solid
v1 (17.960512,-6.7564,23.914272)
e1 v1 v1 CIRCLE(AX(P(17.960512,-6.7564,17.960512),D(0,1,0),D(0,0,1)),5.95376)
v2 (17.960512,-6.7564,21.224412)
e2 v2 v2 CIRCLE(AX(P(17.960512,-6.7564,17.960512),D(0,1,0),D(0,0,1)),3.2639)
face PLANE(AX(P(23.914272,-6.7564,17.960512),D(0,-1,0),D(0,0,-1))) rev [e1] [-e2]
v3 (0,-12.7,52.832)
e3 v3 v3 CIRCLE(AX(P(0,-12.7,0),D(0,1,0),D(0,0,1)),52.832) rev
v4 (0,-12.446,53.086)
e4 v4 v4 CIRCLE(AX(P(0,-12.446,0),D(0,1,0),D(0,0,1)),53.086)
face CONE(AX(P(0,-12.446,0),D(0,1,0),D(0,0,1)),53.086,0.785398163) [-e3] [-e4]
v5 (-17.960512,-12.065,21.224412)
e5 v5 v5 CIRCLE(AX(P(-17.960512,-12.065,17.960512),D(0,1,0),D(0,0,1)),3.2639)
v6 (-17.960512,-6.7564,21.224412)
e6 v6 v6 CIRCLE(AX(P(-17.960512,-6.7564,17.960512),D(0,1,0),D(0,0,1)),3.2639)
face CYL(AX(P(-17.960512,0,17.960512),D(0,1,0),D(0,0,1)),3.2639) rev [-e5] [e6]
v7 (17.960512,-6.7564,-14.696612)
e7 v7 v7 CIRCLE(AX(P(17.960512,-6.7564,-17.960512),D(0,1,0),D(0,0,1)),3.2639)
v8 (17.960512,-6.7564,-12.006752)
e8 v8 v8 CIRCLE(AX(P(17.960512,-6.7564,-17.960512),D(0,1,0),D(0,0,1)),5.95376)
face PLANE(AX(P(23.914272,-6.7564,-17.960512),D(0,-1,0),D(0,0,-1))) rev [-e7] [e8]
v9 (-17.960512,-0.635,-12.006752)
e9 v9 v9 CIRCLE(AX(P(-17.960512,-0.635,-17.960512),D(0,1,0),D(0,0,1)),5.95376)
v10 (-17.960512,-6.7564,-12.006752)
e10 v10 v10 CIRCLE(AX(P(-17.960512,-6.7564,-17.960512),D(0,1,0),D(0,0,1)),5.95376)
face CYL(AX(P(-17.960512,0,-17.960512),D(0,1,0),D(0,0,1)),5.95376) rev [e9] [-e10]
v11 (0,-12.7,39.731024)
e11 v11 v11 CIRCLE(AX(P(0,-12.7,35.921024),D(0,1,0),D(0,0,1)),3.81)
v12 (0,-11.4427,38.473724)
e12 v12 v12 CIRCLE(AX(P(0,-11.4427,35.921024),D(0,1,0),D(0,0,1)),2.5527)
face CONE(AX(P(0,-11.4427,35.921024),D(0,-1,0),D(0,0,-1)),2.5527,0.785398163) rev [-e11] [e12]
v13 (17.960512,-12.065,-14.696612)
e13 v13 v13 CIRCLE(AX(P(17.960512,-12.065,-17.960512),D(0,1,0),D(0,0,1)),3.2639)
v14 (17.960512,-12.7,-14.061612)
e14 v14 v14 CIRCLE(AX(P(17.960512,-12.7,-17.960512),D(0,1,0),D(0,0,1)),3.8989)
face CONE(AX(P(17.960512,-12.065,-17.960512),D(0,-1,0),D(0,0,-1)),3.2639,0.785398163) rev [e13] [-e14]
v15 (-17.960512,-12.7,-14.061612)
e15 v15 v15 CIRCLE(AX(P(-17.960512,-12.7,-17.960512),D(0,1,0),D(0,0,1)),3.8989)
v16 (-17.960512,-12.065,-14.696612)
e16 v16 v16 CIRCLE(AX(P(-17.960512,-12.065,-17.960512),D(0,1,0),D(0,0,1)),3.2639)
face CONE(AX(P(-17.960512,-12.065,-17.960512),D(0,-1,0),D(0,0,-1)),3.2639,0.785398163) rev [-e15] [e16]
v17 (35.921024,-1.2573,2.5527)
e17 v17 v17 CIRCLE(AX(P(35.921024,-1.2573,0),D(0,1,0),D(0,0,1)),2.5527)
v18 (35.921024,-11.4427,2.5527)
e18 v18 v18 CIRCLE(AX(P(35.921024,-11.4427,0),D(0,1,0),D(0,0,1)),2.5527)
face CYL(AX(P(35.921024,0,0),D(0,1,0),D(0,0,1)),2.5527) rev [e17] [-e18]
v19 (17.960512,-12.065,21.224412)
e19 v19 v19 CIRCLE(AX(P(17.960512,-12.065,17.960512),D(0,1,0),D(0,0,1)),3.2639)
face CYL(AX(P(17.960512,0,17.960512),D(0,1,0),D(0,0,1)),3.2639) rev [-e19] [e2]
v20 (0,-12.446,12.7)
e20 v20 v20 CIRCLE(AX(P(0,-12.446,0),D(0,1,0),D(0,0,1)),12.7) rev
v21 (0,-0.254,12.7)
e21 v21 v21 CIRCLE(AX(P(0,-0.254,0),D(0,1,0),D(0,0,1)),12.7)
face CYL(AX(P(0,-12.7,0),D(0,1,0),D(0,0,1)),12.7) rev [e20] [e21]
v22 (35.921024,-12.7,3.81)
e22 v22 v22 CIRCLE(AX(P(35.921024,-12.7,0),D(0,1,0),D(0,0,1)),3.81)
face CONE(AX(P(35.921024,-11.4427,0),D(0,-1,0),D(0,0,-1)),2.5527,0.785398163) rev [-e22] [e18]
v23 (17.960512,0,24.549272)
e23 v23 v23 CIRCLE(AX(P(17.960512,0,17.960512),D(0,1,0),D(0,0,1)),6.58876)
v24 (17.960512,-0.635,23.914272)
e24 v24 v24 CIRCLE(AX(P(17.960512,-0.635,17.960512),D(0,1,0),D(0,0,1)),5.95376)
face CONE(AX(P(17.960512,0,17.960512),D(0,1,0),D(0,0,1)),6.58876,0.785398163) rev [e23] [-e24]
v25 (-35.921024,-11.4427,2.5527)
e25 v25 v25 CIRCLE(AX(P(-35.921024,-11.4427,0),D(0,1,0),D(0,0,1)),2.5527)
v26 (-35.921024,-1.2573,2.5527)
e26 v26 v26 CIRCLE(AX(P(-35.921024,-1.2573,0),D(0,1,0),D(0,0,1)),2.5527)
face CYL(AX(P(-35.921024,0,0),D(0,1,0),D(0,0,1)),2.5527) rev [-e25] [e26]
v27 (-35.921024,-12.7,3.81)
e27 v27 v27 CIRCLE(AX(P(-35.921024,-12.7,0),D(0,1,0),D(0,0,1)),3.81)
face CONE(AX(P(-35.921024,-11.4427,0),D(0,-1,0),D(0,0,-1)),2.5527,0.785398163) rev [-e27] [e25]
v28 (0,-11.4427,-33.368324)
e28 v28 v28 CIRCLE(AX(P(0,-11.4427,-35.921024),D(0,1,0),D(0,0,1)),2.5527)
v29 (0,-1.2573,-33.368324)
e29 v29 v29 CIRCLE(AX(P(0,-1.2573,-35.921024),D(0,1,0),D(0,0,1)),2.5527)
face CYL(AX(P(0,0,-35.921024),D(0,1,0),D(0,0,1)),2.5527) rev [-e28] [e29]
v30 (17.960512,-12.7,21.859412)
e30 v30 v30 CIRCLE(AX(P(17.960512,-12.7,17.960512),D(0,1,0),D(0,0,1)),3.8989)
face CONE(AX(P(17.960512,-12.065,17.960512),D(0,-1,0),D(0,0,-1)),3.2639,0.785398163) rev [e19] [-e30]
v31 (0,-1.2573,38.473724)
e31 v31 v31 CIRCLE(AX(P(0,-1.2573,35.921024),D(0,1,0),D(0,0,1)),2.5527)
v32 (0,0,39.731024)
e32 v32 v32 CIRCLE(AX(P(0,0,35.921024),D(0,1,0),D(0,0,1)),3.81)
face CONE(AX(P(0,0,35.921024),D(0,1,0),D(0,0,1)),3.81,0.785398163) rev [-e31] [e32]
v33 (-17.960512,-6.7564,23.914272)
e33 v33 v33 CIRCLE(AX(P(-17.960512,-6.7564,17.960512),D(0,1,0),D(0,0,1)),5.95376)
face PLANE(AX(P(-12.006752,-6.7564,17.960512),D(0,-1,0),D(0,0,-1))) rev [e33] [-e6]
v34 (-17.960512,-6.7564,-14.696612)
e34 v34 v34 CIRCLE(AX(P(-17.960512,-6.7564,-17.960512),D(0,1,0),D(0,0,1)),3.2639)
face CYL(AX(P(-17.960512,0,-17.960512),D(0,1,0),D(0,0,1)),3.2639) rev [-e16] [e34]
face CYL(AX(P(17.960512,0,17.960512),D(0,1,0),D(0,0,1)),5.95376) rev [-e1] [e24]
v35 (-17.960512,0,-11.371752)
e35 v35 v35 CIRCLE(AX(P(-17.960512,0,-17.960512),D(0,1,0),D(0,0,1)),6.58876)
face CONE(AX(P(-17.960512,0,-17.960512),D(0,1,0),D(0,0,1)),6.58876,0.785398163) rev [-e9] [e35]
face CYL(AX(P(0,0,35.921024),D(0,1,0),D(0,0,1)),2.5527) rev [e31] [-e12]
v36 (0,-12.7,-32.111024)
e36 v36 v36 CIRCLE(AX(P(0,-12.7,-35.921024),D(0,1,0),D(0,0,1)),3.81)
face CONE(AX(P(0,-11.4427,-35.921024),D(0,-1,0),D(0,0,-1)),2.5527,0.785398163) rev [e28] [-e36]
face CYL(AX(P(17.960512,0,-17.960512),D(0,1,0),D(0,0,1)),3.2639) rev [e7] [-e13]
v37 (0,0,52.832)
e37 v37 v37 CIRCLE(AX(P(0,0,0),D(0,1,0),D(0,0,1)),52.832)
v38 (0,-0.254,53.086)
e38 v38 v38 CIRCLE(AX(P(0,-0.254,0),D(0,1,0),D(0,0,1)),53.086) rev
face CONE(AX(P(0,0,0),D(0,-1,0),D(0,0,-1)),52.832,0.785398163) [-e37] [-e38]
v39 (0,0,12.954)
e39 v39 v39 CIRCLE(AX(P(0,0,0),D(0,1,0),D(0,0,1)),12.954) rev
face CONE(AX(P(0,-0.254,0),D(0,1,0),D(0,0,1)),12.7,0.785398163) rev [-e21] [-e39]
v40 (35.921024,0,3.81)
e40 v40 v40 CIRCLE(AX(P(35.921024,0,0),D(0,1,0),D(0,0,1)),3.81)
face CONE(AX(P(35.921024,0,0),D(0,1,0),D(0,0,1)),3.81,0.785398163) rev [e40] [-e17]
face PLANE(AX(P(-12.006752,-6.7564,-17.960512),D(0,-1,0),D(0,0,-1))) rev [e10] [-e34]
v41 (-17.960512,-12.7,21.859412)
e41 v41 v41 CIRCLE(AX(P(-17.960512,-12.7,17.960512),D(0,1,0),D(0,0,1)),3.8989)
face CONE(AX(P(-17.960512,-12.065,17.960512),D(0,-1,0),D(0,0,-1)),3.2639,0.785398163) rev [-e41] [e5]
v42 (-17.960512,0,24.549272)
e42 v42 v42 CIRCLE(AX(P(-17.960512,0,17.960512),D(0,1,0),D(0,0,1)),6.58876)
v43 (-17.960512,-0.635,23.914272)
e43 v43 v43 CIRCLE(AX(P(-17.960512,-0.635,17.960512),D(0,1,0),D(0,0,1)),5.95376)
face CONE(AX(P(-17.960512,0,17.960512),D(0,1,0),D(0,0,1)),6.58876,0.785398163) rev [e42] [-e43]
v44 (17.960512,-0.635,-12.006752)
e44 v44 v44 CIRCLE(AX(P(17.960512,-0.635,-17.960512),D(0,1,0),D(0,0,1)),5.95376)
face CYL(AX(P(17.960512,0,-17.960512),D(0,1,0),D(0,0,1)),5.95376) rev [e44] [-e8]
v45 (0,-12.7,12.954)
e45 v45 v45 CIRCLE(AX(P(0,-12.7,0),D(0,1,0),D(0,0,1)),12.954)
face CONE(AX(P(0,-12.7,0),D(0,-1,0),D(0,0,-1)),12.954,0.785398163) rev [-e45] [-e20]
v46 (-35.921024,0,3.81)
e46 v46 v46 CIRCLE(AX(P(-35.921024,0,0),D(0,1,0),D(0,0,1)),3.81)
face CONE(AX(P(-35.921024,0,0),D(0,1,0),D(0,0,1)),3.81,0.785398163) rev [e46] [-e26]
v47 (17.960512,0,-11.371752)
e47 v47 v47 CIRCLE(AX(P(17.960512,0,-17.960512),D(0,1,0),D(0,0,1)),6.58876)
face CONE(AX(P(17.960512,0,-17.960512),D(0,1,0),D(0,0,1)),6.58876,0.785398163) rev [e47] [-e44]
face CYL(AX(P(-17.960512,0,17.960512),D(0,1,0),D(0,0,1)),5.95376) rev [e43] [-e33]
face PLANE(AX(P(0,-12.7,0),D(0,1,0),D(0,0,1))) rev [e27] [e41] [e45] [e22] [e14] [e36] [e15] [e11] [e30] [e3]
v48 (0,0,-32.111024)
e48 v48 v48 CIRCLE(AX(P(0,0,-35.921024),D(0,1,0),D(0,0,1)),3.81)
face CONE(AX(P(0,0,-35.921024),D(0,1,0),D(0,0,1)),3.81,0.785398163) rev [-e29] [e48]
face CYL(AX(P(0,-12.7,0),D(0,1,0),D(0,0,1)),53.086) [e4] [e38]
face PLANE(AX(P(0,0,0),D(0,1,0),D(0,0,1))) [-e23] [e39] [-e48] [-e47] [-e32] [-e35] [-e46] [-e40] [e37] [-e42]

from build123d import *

# Parameters (mm, degrees)
SKETCH1_R                                     = 53.086
SKETCH1_R_2                                   = 12.7
BOSS_EXTRUDE1_DEPTH                           = 12.7
F_1_4_20_TAPPED_HOLE1_AT_2_COUNT              = 2
F_1_4_20_TAPPED_HOLE1_AT_2_PITCH              = 50.8
F_1_4_20_TAPPED_HOLE1_AT_3_COUNT              = 2
F_1_4_20_TAPPED_HOLE1_AT_3_PITCH              = 71.842048969
F_1_4_20_TAPPED_HOLE1_AT_4_COUNT              = 2
F_1_4_20_TAPPED_HOLE1_AT_4_PITCH              = 50.8
CBORE_FOR_1_4_BUTTON_HEAD_CAP_SCREW1_AT_COUNT = 2
CBORE_FOR_1_4_BUTTON_HEAD_CAP_SCREW1_AT_PITCH = 35.921024484
CBORE_FOR_1_4_BUTTON_HEAD_CAP_SCREW1_2_COUNT  = 2
CBORE_FOR_1_4_BUTTON_HEAD_CAP_SCREW1_2_PITCH  = 50.8
CBORE_FOR_1_4_BUTTON_HEAD_CAP_SCREW1_3_COUNT  = 2
CBORE_FOR_1_4_BUTTON_HEAD_CAP_SCREW1_3_PITCH  = 35.921024484
CHAMFER1_SIZE                                 = 0.254


with BuildPart() as part:
    # Sketch1 → Boss-Extrude1 (new body)
    with BuildSketch(Plane(origin=(0, 0, 0), x_dir=(1, 0, 0), z_dir=(0, 1, 0))):
        Circle(SKETCH1_R)
        Circle(SKETCH1_R_2, mode=Mode.SUBTRACT)
    extrude(amount=-BOSS_EXTRUDE1_DEPTH)

    # Sketch4 → 1/4-20 Tapped Hole1 (revolve, cut)
    with BuildSketch(Plane(origin=(0, 0, 35.921024484), x_dir=(0, 0, 1), z_dir=(1, 0, 0))):
        Polygon((0, 0), (0, 12.7), (3.81, 12.7), (2.5527, 11.4427), (2.5527, 1.2573), (3.81, 0), align=None)
    f_1_4_20_tapped_hole1 = revolve(axis=Axis((0, 6.35, 35.921024484), (0, -1, 0)), mode=Mode.SUBTRACT)

    # 1/4-20 Tapped Hole1 at 2: 1/4-20 Tapped Hole1 ×2
    with Locations(*[Vector(-0.707106781, 0, -0.707106781) * (i * F_1_4_20_TAPPED_HOLE1_AT_2_PITCH) for i in range(1, F_1_4_20_TAPPED_HOLE1_AT_2_COUNT)]):
        add(f_1_4_20_tapped_hole1, mode=Mode.SUBTRACT)

    # 1/4-20 Tapped Hole1 at 3: 1/4-20 Tapped Hole1 ×2
    with Locations(*[(0, 0, -i * F_1_4_20_TAPPED_HOLE1_AT_3_PITCH) for i in range(1, F_1_4_20_TAPPED_HOLE1_AT_3_COUNT)]):
        add(f_1_4_20_tapped_hole1, mode=Mode.SUBTRACT)

    # 1/4-20 Tapped Hole1 at 4: 1/4-20 Tapped Hole1 ×2
    with Locations(*[Vector(0.707106781, 0, -0.707106781) * (i * F_1_4_20_TAPPED_HOLE1_AT_4_PITCH) for i in range(1, F_1_4_20_TAPPED_HOLE1_AT_4_COUNT)]):
        add(f_1_4_20_tapped_hole1, mode=Mode.SUBTRACT)

    # Sketch5 → CBORE for 1/4 Button Head Cap Screw1 (revolve, cut)
    with BuildSketch(Plane(origin=(-17.960512242, 0, 17.960512242), x_dir=(0, 0, 1), z_dir=(1, 0, 0))):
        Polygon((0, 0), (0, 12.7), (3.8989, 12.7), (3.2639, 12.065), (3.2639, 6.7564), (5.95376, 6.7564), (5.95376, 0.635), (6.58876, 0), align=None)
    cbore_for_1_4_button_head_cap_screw1 = revolve(axis=Axis((-17.960512242, 6.35, 17.960512242), (0, -1, 0)), mode=Mode.SUBTRACT)

    # CBORE for 1/4 Button Head Cap Screw1 at: CBORE for 1/4 Button Head Cap Screw1 ×2
    with Locations(*[(0, 0, -i * CBORE_FOR_1_4_BUTTON_HEAD_CAP_SCREW1_AT_PITCH) for i in range(1, CBORE_FOR_1_4_BUTTON_HEAD_CAP_SCREW1_AT_COUNT)]):
        add(cbore_for_1_4_button_head_cap_screw1, mode=Mode.SUBTRACT)

    # CBORE for 1_4 Button Head Cap Screw1 2: CBORE for 1/4 Button Head Cap Screw1 ×2
    with Locations(*[Vector(0.707106781, 0, -0.707106781) * (i * CBORE_FOR_1_4_BUTTON_HEAD_CAP_SCREW1_2_PITCH) for i in range(1, CBORE_FOR_1_4_BUTTON_HEAD_CAP_SCREW1_2_COUNT)]):
        add(cbore_for_1_4_button_head_cap_screw1, mode=Mode.SUBTRACT)

    # CBORE for 1_4 Button Head Cap Screw1 3: CBORE for 1/4 Button Head Cap Screw1 ×2
    with Locations(*[(i * CBORE_FOR_1_4_BUTTON_HEAD_CAP_SCREW1_3_PITCH, 0, 0) for i in range(1, CBORE_FOR_1_4_BUTTON_HEAD_CAP_SCREW1_3_COUNT)]):
        add(cbore_for_1_4_button_head_cap_screw1, mode=Mode.SUBTRACT)

    # Chamfer1
    chamfer1_edges = [part.edges().sort_by_distance(p)[0] for p in [
        (-53.086, 0, 0),
        (-53.086, -12.7, 0),
        (-12.7, -12.7, 0),
        (-12.7, 0, 0),
    ]]
    chamfer(chamfer1_edges, length=CHAMFER1_SIZE)


solid = part.part
